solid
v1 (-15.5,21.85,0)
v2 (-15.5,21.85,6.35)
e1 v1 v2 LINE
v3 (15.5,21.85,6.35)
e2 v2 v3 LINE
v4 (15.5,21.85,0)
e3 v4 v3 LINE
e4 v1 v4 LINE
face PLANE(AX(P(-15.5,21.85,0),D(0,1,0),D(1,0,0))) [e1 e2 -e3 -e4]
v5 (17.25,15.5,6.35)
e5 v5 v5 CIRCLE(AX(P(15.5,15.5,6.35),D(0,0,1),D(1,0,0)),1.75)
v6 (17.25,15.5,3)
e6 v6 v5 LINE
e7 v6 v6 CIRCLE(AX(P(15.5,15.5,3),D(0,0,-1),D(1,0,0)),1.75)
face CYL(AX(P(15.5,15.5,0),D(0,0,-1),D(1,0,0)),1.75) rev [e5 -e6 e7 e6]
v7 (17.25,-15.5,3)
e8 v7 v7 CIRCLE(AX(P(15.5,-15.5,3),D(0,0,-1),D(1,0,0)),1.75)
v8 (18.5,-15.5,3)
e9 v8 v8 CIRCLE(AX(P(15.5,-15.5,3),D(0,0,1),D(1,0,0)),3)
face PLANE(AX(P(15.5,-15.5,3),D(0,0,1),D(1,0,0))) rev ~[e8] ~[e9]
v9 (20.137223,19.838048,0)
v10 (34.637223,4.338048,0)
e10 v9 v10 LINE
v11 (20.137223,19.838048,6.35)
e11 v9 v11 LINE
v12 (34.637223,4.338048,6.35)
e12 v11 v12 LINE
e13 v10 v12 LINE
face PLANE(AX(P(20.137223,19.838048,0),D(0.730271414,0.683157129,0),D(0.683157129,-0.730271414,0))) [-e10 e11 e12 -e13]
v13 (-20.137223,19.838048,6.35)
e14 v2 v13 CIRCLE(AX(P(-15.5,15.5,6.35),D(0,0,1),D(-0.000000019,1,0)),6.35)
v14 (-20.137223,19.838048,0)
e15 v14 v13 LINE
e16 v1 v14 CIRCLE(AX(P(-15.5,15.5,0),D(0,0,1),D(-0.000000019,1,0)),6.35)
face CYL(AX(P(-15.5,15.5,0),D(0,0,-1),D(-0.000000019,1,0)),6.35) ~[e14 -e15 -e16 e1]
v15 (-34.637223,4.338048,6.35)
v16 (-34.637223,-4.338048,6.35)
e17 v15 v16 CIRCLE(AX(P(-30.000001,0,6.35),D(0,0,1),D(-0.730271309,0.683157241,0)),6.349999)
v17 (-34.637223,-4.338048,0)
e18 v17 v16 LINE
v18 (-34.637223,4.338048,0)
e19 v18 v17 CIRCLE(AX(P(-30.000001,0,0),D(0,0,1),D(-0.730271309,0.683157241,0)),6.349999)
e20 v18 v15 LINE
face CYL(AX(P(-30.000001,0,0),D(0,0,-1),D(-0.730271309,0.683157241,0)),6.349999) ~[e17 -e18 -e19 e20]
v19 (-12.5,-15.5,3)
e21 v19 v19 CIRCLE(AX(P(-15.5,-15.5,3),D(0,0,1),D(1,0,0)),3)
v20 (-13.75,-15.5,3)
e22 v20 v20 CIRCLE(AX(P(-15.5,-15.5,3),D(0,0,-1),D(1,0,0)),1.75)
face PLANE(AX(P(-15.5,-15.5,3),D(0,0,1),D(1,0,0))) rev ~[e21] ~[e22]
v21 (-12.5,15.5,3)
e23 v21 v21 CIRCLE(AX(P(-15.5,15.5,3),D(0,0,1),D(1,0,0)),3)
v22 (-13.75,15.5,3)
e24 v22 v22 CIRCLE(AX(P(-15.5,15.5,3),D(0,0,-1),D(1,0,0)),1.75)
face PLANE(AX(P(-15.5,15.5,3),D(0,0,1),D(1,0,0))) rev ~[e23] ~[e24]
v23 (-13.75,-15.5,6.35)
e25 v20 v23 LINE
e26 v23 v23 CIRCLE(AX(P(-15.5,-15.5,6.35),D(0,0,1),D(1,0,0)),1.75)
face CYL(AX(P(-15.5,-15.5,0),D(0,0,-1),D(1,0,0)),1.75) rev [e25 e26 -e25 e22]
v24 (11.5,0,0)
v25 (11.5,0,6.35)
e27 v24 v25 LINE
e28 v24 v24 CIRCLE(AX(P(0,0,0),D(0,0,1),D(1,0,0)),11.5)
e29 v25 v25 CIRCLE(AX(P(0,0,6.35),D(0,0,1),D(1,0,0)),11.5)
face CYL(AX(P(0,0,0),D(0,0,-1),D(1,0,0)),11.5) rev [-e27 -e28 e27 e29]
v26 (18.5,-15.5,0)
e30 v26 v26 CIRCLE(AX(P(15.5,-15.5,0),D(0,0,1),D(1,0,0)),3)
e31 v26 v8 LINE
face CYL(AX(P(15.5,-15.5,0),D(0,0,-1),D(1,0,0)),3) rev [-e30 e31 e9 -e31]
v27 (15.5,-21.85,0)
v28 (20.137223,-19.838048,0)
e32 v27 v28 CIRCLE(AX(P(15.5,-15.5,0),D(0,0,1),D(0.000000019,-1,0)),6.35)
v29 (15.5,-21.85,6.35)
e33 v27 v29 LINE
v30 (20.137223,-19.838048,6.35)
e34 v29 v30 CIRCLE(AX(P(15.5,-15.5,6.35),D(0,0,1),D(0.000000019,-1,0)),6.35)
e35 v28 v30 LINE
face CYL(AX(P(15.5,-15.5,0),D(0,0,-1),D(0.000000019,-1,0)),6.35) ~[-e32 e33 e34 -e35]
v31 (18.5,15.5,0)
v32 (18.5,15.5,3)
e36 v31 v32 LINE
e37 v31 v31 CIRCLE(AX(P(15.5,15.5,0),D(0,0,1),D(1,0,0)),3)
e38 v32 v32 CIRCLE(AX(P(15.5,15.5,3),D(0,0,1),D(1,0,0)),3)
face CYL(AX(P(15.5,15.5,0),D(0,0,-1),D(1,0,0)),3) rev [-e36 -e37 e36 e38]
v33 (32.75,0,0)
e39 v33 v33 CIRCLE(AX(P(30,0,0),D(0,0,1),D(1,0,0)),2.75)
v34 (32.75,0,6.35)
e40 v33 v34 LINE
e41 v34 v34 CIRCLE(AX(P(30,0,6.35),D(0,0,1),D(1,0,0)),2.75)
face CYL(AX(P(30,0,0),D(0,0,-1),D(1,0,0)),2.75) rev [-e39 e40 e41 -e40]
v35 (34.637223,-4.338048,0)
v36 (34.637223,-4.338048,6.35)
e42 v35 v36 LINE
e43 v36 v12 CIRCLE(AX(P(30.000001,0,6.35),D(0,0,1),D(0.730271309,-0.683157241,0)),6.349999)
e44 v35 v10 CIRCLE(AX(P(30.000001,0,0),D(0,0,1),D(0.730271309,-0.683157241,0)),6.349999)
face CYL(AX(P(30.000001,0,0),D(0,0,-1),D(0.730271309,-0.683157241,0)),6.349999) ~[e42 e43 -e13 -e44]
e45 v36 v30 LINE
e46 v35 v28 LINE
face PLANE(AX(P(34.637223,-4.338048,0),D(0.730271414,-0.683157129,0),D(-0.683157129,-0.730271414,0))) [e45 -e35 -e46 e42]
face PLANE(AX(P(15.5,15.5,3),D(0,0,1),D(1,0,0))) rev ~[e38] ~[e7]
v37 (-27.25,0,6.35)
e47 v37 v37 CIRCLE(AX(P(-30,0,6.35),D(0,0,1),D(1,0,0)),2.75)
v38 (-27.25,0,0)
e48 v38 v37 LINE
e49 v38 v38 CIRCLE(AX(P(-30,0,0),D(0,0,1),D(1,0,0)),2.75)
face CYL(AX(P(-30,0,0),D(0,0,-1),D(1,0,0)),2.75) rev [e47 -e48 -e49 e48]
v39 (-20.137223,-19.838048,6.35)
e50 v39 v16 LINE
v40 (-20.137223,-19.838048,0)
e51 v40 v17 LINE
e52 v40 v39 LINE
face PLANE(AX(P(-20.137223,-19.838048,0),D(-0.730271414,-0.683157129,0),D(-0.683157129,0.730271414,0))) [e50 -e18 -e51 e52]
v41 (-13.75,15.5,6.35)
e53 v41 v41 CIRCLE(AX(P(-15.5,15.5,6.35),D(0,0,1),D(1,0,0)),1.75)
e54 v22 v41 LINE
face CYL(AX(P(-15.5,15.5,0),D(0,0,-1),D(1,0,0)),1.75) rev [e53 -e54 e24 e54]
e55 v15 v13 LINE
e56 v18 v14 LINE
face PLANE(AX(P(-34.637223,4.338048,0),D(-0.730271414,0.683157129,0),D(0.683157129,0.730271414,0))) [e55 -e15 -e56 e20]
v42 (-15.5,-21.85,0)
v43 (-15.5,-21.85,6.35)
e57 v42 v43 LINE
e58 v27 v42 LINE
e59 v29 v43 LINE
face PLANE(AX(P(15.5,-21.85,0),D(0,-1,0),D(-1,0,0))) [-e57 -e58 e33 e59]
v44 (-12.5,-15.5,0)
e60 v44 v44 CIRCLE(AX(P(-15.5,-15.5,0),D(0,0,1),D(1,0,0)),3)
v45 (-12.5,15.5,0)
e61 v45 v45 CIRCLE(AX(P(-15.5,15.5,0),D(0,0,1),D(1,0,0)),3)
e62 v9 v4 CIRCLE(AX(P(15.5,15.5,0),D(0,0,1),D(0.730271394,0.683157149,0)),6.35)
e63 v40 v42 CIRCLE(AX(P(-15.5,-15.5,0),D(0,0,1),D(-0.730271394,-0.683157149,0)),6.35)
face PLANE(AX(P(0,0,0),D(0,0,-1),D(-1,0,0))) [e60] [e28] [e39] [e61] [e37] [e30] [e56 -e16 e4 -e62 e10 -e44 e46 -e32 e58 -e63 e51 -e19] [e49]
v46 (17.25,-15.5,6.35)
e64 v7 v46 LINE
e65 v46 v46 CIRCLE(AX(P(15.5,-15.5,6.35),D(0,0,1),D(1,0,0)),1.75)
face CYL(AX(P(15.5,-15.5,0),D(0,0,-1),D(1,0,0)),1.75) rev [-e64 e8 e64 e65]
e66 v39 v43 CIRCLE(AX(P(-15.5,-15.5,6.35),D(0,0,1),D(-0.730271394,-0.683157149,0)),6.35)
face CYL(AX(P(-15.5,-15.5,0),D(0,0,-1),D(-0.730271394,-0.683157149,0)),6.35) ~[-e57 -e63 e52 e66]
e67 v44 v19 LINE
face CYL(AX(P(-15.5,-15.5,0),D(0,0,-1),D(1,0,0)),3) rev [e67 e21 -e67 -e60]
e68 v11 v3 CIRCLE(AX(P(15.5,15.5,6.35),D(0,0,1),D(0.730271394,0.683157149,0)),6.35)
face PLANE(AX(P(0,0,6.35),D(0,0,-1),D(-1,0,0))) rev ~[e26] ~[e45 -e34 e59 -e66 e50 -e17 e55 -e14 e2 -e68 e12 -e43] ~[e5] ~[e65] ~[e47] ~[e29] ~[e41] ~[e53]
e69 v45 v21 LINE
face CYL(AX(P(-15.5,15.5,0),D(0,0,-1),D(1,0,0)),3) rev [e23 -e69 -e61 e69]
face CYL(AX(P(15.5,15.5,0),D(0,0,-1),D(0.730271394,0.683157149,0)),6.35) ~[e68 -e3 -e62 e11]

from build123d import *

# Parameters (mm, degrees)
SKETCH093_R     = 1.75
SKETCH093_R_2   = 2.75
SKETCH093_R_3   = 11.5
PAD032_DEPTH    = 6.35
SKETCH094_R     = 3
POCKET027_DEPTH = 3


with BuildPart() as part:
    # Sketch093 → Pad032 (new body)
    with BuildSketch(Plane.XY):
        with BuildLine():
            Line((-34.637223, 4.338048), (-20.137223, 19.838048))
            ThreePointArc((-15.5, 21.85), (-18.027439, 21.325337), (-20.137223, 19.838048))
            Line((-15.5, 21.85), (15.5, 21.85))
            ThreePointArc((20.137223, 19.838048), (18.027439, 21.325337), (15.5, 21.85))
            Line((20.137223, 19.838048), (34.637223, 4.338048))
            ThreePointArc((34.637223, -4.338048), (36.35, 0), (34.637223, 4.338048))
            Line((34.637223, -4.338048), (20.137223, -19.838048))
            ThreePointArc((15.5, -21.85), (18.027439, -21.325337), (20.137223, -19.838048))
            Line((15.5, -21.85), (-15.5, -21.85))
            ThreePointArc((-20.137223, -19.838048), (-18.027439, -21.325337), (-15.5, -21.85))
            Line((-20.137223, -19.838048), (-34.637223, -4.338048))
            ThreePointArc((-34.637223, 4.338048), (-36.35, 0), (-34.637223, -4.338048))
        make_face()
        with Locations((-15.5, 15.5)):
            Circle(SKETCH093_R, mode=Mode.SUBTRACT)
        with Locations((15.5, 15.5)):
            Circle(SKETCH093_R, mode=Mode.SUBTRACT)
        with Locations((15.5, -15.5)):
            Circle(SKETCH093_R, mode=Mode.SUBTRACT)
        with Locations((-15.5, -15.5)):
            Circle(SKETCH093_R, mode=Mode.SUBTRACT)
        with Locations((-30, 0)):
            Circle(SKETCH093_R_2, mode=Mode.SUBTRACT)
        with Locations((30, 0)):
            Circle(SKETCH093_R_2, mode=Mode.SUBTRACT)
        Circle(SKETCH093_R_3, mode=Mode.SUBTRACT)
    extrude(amount=PAD032_DEPTH)

    # Sketch094 → Pocket027 (cut)
    with BuildSketch(Plane.XY):
        with Locations((-15.5, 15.5)):
            Circle(SKETCH094_R)
        with Locations((15.5, 15.5)):
            Circle(SKETCH094_R)
        with Locations((15.5, -15.5)):
            Circle(SKETCH094_R)
        with Locations((-15.5, -15.5)):
            Circle(SKETCH094_R)
    extrude(amount=POCKET027_DEPTH, mode=Mode.SUBTRACT)


solid = part.part
